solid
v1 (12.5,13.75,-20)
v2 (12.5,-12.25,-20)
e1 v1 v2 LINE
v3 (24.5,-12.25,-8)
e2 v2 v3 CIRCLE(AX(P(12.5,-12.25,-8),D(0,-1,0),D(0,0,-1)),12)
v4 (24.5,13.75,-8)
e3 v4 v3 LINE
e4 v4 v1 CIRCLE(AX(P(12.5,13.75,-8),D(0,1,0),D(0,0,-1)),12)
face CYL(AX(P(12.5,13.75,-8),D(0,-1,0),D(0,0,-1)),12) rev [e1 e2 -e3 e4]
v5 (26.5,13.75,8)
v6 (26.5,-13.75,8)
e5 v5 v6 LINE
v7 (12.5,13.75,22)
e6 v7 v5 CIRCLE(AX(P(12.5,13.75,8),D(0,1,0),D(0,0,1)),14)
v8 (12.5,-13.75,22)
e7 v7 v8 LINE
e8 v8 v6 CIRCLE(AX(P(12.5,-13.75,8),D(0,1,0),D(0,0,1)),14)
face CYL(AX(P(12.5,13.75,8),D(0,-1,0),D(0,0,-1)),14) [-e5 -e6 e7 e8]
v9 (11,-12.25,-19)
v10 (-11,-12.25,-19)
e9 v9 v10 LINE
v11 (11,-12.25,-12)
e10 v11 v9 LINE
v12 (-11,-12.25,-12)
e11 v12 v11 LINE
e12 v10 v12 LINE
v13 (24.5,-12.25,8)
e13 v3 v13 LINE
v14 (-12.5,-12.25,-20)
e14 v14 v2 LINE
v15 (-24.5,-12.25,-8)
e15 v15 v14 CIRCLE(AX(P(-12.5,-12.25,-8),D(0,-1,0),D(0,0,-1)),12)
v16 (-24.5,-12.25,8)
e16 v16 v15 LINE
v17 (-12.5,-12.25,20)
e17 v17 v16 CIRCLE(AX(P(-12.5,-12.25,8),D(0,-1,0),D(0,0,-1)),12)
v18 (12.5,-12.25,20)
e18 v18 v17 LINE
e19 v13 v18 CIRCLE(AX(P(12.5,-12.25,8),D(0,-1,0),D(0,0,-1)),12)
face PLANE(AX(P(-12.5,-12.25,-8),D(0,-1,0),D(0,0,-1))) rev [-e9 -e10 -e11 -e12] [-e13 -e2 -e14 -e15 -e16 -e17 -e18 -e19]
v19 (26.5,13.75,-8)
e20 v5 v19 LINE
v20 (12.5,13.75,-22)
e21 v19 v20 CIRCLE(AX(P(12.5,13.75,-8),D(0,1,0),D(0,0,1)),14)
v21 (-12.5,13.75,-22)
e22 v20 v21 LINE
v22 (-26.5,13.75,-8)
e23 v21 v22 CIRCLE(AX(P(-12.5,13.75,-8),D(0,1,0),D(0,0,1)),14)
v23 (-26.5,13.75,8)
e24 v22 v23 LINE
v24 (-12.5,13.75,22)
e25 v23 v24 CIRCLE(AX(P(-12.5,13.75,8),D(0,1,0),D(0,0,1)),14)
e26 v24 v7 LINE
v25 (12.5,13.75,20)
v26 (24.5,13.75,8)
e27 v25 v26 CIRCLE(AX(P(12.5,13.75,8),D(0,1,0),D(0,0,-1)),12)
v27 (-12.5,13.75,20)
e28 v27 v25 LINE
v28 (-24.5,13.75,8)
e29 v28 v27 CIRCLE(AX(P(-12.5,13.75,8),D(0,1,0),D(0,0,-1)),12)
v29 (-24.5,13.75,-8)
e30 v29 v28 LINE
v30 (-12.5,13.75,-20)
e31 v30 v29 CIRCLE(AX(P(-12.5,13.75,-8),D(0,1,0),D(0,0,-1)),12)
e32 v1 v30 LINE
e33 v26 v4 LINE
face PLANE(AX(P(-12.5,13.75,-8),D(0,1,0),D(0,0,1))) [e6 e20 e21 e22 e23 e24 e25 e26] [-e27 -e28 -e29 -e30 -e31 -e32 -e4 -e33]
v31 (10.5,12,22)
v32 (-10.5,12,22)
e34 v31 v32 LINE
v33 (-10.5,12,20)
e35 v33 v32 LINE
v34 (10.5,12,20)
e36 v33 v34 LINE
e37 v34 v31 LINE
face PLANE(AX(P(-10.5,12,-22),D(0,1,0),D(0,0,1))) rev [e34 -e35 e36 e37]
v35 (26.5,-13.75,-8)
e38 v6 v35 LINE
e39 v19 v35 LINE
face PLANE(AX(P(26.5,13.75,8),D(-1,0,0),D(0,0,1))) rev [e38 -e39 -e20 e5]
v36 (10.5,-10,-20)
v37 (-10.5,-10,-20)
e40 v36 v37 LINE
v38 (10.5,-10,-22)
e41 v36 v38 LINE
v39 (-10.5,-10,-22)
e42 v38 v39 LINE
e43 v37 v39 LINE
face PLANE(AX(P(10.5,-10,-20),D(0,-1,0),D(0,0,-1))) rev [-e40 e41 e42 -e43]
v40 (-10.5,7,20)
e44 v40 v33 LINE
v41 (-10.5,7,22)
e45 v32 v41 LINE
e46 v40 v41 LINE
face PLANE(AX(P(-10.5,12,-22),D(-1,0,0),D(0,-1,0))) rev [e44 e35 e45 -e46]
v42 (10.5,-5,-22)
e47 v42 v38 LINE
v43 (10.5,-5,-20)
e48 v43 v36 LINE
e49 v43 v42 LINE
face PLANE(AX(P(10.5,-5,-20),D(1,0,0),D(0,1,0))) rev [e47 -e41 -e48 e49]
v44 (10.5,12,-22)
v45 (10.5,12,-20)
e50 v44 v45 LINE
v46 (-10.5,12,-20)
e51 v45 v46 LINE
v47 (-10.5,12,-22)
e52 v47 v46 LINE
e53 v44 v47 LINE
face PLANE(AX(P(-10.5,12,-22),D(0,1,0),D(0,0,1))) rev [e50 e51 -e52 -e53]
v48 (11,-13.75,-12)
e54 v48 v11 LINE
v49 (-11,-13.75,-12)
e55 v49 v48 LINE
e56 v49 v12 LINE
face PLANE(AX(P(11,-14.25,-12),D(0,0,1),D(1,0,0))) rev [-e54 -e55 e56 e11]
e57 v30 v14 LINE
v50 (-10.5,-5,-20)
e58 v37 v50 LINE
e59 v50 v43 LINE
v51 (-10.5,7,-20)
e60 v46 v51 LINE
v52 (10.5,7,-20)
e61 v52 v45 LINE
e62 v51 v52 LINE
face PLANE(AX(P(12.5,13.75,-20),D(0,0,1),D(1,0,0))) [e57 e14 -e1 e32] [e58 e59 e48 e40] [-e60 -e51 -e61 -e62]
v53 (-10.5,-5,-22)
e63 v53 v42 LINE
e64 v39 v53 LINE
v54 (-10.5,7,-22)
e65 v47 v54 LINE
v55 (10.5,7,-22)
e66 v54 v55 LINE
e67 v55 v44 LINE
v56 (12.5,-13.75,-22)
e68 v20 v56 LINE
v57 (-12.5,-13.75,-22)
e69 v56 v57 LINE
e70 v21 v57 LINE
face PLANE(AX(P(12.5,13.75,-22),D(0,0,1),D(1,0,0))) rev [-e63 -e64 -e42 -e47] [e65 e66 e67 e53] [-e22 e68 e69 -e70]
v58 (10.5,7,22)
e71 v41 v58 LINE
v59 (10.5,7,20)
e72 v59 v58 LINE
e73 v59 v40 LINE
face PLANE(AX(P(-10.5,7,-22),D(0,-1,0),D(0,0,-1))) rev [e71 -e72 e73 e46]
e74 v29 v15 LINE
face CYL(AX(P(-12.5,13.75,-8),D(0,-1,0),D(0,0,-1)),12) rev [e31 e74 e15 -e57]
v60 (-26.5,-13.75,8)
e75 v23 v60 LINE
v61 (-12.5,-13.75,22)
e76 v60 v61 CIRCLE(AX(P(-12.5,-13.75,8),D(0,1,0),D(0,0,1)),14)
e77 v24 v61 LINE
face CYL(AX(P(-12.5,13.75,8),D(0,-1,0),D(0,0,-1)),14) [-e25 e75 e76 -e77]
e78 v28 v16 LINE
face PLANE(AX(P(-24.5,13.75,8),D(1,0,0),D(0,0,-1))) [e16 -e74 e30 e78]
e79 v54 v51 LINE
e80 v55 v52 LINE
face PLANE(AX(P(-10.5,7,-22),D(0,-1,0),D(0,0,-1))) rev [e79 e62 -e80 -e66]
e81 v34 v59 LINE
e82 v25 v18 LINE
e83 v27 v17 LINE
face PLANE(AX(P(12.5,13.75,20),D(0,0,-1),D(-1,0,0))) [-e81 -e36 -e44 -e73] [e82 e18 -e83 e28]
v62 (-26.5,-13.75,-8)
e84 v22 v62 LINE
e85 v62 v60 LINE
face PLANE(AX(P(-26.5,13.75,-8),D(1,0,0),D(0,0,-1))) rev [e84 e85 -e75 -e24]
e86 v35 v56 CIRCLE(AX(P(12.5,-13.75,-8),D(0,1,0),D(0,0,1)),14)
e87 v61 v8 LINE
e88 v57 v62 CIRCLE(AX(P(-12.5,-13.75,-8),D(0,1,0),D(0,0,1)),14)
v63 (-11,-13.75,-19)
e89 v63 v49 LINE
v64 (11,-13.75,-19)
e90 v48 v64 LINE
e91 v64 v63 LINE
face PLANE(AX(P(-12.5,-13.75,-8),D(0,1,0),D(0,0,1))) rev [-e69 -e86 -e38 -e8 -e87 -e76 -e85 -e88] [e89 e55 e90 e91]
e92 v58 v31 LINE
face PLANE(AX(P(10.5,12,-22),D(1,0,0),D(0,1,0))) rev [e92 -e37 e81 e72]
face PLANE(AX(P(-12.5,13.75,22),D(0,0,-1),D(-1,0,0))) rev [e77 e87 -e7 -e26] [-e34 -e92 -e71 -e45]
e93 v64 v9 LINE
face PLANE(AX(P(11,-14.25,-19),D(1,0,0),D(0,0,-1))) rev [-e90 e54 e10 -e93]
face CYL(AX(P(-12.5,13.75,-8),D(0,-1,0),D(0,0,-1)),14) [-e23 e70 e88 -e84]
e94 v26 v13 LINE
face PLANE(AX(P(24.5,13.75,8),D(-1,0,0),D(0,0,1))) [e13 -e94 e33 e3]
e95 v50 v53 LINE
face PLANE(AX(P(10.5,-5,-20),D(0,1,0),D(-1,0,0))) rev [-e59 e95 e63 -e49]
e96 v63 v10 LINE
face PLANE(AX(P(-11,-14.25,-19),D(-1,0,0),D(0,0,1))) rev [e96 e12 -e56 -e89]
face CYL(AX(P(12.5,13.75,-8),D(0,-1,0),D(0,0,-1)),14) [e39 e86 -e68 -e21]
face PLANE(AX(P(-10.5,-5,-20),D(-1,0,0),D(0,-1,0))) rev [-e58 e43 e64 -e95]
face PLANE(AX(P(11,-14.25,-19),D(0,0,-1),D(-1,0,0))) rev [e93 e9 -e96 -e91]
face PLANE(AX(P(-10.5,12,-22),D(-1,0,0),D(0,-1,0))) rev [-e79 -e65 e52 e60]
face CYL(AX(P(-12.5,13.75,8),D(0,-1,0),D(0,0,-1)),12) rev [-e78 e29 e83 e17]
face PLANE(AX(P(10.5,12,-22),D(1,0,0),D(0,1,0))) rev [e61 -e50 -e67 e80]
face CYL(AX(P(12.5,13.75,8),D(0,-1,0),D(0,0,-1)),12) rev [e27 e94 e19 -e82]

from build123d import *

# Parameters (mm, degrees)
BOSS_EXTRUDE1_DEPTH     = 13.75
CUT_EXTRUDE1_DEPTH      = 52.529724432
CUT_EXTRUDE1_DEPTH_BACK = 52.529724432
SKETCH2_W               = 21
SKETCH2_H               = 5
BOSS_EXTRUDE2_START     = -1.5
BOSS_EXTRUDE2_DEPTH     = 1.5
SKETCH4_W               = 21
SKETCH4_H               = 5
CUT_EXTRUDE2_DEPTH      = 2
SKETCH5_W               = 22
SKETCH5_H               = 7
CUT_EXTRUDE3_DEPTH      = 2


with BuildPart() as part:
    # Sketch1 → Boss-Extrude1 (new, symmetric)
    with BuildSketch(Plane(origin=(0, 0, 0), x_dir=(1, 0, 0), z_dir=(0, 1, 0))):
        with BuildLine():
            Line((-26.5, 8), (-26.5, -8))
            ThreePointArc((-26.5, -8), (-22.399494937, -17.899494937), (-12.5, -22))
            Line((-12.5, -22), (12.5, -22))
            ThreePointArc((12.5, -22), (22.399494937, -17.899494937), (26.5, -8))
            Line((26.5, -8), (26.5, 8))
            ThreePointArc((26.5, 8), (22.399494937, 17.899494937), (12.5, 22))
            Line((12.5, 22), (-12.5, 22))
            ThreePointArc((-12.5, 22), (-22.399494937, 17.899494937), (-26.5, 8))
        make_face()
        with BuildLine():
            Line((12.5, -20), (-12.5, -20))
            ThreePointArc((-12.5, -20), (-20.985281374, -16.485281374), (-24.5, -8))
            Line((-24.5, -8), (-24.5, 8))
            ThreePointArc((-24.5, 8), (-20.985281374, 16.485281374), (-12.5, 20))
            Line((-12.5, 20), (12.5, 20))
            ThreePointArc((12.5, 20), (20.985281374, 16.485281374), (24.5, 8))
            Line((24.5, 8), (24.5, -8))
            ThreePointArc((24.5, -8), (20.985281374, -16.485281374), (12.5, -20))
        make_face(mode=Mode.SUBTRACT)
    extrude(amount=BOSS_EXTRUDE1_DEPTH, both=True)

    # Sketch2 → Cut-Extrude1 (cut, two sides: drawn at the far end of the back side and taken through both)
    with BuildSketch(Plane.XY.offset(-20).offset(-CUT_EXTRUDE1_DEPTH_BACK)):
        with Locations((0, 9.5)):
            Rectangle(SKETCH2_W, SKETCH2_H)
    extrude(amount=CUT_EXTRUDE1_DEPTH + CUT_EXTRUDE1_DEPTH_BACK, mode=Mode.SUBTRACT)

    # Sketch3 → Boss-Extrude2 (add)
    with BuildSketch(Plane.XZ.offset(13.75).offset(BOSS_EXTRUDE2_START)):
        with BuildLine():
            Line((-12.5, -22), (12.5, -22))
            ThreePointArc((12.5, -22), (22.399494937, -17.899494937), (26.5, -8))
            Line((26.5, -8), (26.5, 8))
            ThreePointArc((26.5, 8), (22.399494937, 17.899494937), (12.5, 22))
            Line((12.5, 22), (-12.5, 22))
            ThreePointArc((-12.5, 22), (-22.399494937, 17.899494937), (-26.5, 8))
            Line((-26.5, 8), (-26.5, -8))
            ThreePointArc((-26.5, -8), (-22.399494937, -17.899494937), (-12.5, -22))
        make_face()
    extrude(amount=BOSS_EXTRUDE2_DEPTH)

    # Sketch4 → Cut-Extrude2 (cut)
    with BuildSketch(Plane(origin=(0, 0, -22), x_dir=(-1, 0, 0), z_dir=(0, 0, -1))):
        with Locations((0, -7.5)):
            Rectangle(SKETCH4_W, SKETCH4_H)
    extrude(amount=-CUT_EXTRUDE2_DEPTH, mode=Mode.SUBTRACT)

    # Sketch5 → Cut-Extrude3 (cut)
    with BuildSketch(Plane(origin=(0, -12.25, 0), x_dir=(-1, 0, 0), z_dir=(0, 1, 0))):
        with Locations((0, -15.5)):
            Rectangle(SKETCH5_W, SKETCH5_H)
    extrude(amount=-CUT_EXTRUDE3_DEPTH, mode=Mode.SUBTRACT)


solid = part.part
